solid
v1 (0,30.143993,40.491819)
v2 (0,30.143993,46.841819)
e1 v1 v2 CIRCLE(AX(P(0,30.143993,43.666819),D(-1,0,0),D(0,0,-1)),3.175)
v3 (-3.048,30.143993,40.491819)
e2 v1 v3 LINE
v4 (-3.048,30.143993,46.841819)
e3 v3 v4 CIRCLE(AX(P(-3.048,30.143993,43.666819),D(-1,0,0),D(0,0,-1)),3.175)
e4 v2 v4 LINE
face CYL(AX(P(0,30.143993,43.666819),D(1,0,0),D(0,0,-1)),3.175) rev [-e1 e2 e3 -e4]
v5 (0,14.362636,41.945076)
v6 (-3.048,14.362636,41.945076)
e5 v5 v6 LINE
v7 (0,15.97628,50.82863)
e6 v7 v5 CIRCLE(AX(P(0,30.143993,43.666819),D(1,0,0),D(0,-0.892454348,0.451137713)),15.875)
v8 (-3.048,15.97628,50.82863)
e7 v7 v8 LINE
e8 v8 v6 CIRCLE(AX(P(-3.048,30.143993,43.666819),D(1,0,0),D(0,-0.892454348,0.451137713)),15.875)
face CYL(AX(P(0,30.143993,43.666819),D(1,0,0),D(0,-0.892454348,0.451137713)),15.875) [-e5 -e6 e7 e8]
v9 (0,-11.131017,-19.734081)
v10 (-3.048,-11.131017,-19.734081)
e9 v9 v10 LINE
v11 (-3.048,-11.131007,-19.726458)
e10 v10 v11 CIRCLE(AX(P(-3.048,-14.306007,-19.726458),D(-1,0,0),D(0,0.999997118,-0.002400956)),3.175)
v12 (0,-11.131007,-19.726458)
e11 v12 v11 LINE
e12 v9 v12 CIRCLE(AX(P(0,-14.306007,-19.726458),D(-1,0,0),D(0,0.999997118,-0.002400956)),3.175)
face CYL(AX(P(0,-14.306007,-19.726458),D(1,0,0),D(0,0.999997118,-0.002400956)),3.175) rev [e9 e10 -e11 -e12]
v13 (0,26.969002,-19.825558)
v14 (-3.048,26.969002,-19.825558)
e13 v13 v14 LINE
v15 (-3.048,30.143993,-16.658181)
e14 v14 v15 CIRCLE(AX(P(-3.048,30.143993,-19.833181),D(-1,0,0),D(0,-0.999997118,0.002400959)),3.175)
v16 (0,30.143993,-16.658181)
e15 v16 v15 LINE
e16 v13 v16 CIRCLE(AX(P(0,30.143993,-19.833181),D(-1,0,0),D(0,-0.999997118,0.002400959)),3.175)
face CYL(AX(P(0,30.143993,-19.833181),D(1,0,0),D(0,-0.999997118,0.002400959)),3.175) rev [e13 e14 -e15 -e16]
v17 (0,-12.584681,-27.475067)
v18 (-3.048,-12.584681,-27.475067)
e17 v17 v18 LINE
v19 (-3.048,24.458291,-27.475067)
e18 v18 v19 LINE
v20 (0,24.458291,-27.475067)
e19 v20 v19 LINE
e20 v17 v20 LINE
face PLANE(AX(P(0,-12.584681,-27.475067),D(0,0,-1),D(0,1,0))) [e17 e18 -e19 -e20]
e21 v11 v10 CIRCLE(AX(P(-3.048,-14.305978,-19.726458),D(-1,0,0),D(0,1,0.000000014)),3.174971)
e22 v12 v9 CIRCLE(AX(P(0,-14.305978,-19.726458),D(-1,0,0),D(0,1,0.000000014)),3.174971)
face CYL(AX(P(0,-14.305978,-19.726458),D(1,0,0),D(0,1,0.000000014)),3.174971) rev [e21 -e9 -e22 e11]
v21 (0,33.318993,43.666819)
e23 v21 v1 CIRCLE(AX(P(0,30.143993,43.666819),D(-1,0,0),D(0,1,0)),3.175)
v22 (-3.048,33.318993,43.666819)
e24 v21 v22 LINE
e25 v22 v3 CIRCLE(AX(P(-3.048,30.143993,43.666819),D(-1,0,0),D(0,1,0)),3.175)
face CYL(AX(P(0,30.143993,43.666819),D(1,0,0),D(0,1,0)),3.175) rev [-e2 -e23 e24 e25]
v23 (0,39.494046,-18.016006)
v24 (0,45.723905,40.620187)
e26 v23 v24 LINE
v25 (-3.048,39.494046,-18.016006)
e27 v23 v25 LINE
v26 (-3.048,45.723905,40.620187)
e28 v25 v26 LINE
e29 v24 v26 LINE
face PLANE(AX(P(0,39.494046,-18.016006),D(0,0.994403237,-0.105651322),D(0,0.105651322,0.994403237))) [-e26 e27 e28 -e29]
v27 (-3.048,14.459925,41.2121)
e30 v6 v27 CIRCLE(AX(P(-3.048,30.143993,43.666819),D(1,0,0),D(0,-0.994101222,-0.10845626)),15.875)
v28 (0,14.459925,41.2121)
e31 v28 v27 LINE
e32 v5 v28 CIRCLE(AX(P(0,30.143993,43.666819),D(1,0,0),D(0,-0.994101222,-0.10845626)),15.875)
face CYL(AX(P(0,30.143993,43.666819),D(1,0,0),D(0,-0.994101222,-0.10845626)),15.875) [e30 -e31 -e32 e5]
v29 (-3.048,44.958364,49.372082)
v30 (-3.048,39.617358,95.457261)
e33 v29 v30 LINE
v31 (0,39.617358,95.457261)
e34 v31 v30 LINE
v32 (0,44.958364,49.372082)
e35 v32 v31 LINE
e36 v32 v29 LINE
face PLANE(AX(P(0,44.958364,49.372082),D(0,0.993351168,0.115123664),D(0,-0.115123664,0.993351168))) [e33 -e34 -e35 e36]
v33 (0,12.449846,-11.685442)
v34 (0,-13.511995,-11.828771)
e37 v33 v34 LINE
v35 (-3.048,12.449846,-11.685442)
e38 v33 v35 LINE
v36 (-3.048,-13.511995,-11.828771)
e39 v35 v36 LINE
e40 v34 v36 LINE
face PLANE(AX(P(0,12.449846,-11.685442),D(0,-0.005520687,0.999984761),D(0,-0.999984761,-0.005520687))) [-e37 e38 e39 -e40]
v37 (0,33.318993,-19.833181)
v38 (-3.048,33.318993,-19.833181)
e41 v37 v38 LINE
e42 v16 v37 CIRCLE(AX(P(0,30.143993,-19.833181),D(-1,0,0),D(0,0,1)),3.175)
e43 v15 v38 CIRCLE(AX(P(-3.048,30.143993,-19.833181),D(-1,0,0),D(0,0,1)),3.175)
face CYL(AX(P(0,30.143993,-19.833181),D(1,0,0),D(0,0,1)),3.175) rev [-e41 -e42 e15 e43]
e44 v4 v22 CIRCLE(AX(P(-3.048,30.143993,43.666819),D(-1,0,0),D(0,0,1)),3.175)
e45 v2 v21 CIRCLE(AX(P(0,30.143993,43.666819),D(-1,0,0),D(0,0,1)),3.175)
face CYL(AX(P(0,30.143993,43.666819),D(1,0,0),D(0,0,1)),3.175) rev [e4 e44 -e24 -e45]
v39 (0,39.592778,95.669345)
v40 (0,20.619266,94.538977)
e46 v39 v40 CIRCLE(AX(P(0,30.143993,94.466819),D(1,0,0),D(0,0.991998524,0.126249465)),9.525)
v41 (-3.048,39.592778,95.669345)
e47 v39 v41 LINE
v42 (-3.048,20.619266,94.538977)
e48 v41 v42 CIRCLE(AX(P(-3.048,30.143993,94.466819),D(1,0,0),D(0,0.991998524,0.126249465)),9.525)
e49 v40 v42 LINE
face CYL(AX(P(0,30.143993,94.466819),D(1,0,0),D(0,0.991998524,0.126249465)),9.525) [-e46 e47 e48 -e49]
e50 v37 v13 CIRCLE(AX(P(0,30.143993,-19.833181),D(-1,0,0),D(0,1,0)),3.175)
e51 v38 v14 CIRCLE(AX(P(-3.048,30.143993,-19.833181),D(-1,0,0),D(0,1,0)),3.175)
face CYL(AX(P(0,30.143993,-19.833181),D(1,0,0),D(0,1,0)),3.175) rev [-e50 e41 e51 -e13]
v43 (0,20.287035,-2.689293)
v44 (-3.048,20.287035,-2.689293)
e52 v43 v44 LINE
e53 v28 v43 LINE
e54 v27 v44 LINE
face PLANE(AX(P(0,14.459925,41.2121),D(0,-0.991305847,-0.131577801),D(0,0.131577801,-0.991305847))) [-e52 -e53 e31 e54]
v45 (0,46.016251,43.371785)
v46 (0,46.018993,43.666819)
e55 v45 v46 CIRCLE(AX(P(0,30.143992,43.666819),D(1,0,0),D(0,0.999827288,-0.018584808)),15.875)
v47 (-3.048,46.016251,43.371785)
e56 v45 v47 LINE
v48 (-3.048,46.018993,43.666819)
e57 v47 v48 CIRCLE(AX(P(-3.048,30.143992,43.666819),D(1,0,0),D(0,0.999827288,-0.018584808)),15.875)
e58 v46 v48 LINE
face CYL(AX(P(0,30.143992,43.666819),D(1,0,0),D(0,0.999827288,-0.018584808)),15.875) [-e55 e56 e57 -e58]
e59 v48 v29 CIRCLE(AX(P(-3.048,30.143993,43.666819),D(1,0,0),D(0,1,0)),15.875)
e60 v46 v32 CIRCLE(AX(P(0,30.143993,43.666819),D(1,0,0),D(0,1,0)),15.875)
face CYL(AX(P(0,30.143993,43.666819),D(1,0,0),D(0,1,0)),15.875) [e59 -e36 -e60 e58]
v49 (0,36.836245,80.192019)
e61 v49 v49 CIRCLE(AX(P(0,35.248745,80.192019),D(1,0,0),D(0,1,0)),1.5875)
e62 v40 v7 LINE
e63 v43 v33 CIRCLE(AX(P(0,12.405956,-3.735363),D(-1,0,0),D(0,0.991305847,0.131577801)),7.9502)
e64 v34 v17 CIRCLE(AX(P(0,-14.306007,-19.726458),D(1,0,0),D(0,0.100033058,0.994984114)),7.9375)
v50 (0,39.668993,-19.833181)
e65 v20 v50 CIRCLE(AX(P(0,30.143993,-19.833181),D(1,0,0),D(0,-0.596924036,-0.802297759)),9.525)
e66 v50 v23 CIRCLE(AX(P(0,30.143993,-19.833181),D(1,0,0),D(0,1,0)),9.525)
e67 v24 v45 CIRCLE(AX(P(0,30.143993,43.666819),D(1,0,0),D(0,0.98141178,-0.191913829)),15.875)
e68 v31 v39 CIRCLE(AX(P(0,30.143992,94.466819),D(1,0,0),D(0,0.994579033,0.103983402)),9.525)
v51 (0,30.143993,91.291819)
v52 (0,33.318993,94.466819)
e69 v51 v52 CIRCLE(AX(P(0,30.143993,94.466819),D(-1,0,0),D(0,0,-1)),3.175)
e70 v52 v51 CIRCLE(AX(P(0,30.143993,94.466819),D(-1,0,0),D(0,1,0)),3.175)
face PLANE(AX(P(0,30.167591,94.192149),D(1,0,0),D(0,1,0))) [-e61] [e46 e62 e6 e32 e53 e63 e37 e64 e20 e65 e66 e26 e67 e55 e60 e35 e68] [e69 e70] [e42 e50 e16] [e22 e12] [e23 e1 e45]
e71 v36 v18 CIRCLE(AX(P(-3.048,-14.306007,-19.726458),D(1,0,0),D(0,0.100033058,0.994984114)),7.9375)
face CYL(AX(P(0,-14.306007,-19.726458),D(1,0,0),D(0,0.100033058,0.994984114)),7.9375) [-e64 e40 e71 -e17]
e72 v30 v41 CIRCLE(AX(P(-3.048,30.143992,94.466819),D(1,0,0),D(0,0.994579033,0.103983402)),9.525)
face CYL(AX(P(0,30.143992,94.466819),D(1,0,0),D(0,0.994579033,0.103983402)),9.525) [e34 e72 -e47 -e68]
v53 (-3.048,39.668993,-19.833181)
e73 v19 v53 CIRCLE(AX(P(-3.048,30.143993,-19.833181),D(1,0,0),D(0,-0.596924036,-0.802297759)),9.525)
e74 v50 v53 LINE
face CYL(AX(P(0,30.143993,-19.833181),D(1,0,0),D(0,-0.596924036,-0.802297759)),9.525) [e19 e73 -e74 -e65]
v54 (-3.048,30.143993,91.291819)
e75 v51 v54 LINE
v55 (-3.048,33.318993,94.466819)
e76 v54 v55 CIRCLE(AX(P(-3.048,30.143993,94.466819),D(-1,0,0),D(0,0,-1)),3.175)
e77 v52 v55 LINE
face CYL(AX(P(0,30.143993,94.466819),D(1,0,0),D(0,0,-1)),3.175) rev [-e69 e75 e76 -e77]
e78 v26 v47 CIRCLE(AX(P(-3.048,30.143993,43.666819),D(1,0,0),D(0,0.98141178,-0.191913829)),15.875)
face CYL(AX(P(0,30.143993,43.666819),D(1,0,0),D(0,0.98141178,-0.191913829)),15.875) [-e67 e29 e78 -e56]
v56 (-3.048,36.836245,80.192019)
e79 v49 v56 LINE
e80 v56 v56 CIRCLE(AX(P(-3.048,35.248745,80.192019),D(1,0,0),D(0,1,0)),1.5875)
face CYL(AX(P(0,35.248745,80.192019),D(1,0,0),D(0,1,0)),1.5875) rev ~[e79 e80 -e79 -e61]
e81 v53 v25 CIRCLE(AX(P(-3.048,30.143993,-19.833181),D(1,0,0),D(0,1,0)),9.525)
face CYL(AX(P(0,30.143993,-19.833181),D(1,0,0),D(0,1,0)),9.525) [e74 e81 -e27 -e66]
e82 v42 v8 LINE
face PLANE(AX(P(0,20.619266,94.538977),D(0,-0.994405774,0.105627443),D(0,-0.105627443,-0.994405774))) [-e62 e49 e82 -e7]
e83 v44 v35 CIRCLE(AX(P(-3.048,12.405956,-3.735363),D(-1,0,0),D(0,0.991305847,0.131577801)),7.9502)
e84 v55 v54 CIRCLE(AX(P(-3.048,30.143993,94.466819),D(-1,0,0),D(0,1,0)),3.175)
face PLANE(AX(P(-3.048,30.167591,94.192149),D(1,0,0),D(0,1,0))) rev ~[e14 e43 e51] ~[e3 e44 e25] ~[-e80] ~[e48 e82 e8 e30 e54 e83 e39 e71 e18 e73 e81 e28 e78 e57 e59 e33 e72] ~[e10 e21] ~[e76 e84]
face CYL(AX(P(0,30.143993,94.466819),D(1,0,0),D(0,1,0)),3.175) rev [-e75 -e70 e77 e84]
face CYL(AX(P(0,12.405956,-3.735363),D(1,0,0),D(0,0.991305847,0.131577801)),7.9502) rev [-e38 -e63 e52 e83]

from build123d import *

# Parameters (mm, degrees)
F0_R     = 1.5875
F1_DEPTH = 3.048


with BuildPart() as f1:
    # F0 (on Right) → F1 (new body)
    with BuildSketch(Plane.YZ):
        with BuildLine():
            ThreePointArc((20.6192658602, 94.538977478), (23.3833367864, 87.7571874382), (30.1439925328, 84.9418192372))
            ThreePointArc((30.1439925328, 84.9418192372), (36.8791846236, 87.7316271464), (39.6689925328, 94.4668192372))
            ThreePointArc((39.6689925328, 94.4668192372), (39.6560750954, 94.9627126954), (39.6173578196, 95.4572611305))
            Line((39.6173578196, 95.4572611305), (39.5927784781, 95.6693453948))
            ThreePointArc((39.5927784781, 95.6693453948), (29.577534542, 103.9749605038), (20.6192658602, 94.538977478))
        make_face()
        with BuildLine():
            ThreePointArc((33.3189925328, 94.4668192372), (32.3890565631, 92.221755207), (30.1439925328, 91.2918192372))
            ThreePointArc((30.1439925328, 91.2918192372), (27.8989285025, 96.7118832675), (33.3189925328, 94.4668192372))
        make_face(mode=Mode.SUBTRACT)
        with BuildLine():
            ThreePointArc((39.6689925328, 94.4668192372), (36.8791846236, 87.7316271464), (30.1439925328, 84.9418192372))
            Line((30.1439925328, 84.9418192372), (30.1439925328, 59.5418192372))
            ThreePointArc((30.1439925328, 59.5418192372), (39.1285508172, 56.754727299), (44.9583639095, 49.3720822211))
            Line((44.9583639095, 49.3720822211), (39.6173578196, 95.4572611305))
            ThreePointArc((39.6173578196, 95.4572611305), (39.6560750954, 94.9627126954), (39.6689925328, 94.4668192372))
        make_face()
        with Locations((35.2487452328, 80.1920192372)):
            Circle(F0_R, mode=Mode.SUBTRACT)
        with BuildLine():
            Line((30.1439925328, 59.5418192372), (30.1439925328, 84.9418192372))
            ThreePointArc((30.1439925328, 84.9418192372), (23.3833367864, 87.7571874382), (20.6192658602, 94.538977478))
            Line((20.6192658602, 94.538977478), (15.9762797521, 50.8286304302))
            ThreePointArc((15.9762797521, 50.8286304302), (21.8276870937, 57.1891965742), (30.1439925328, 59.5418192372))
        make_face()
        with BuildLine():
            ThreePointArc((44.9583639095, 49.3720822211), (39.1285508172, 56.754727299), (30.1439925328, 59.5418192372))
            Line((30.1439925328, 59.5418192372), (30.1439925328, 46.8418192372))
            ThreePointArc((30.1439925328, 46.8418192372), (32.3890565631, 45.9118832675), (33.3189925328, 43.6668192372))
            ThreePointArc((33.3189925328, 43.6668192372), (32.3890565631, 41.421755207), (30.1439925328, 40.4918192372))
            Line((30.1439925328, 40.4918192372), (30.1439925328, 27.7918192372))
            ThreePointArc((30.1439925328, 27.7918192372), (40.2348384207, 31.4115977269), (45.7239045432, 40.6201872035))
            Line((45.7239045432, 40.6201872035), (46.0162507225, 43.3717854106))
            ThreePointArc((46.0162507225, 43.3717854106), (46.0183070654, 43.519295954), (46.0189925328, 43.6668192372))
            ThreePointArc((46.0189925328, 43.6668192372), (45.7515831637, 46.5683256904), (44.9583639095, 49.3720822211))
        make_face()
        with BuildLine():
            Line((30.1439925328, 46.8418192372), (30.1439925328, 59.5418192372))
            ThreePointArc((30.1439925328, 59.5418192372), (21.8276870937, 57.1891965742), (15.9762797521, 50.8286304302))
            ThreePointArc((15.9762797521, 50.8286304302), (14.5245790346, 46.5039915923), (14.362635633, 41.9450761088))
            Line((14.362635633, 41.9450761088), (14.4599248422, 41.2121001744))
            ThreePointArc((14.4599248422, 41.2121001744), (19.8229712685, 31.6048067575), (30.1439925328, 27.7918192372))
            Line((30.1439925328, 27.7918192372), (30.1439925328, 40.4918192372))
            ThreePointArc((30.1439925328, 40.4918192372), (26.9689925328, 43.6668192372), (30.1439925328, 46.8418192372))
        make_face()
        with BuildLine():
            ThreePointArc((39.6173578196, 95.4572611305), (39.6056624037, 95.5633721334), (39.5927784781, 95.6693453948))
            Line((39.5927784781, 95.6693453948), (39.6173578196, 95.4572611305))
        make_face()
        with BuildLine():
            Line((14.4599248422, 41.2121001744), (14.362635633, 41.9450761088))
            ThreePointArc((14.362635633, 41.9450761088), (14.4070122128, 41.578021639), (14.4599248422, 41.2121001744))
        make_face()
        with BuildLine():
            ThreePointArc((45.7239045432, 40.6201872035), (40.2348384207, 31.4115977269), (30.1439925328, 27.7918192372))
            Line((30.1439925328, 27.7918192372), (30.1439925328, -10.3081807628))
            ThreePointArc((30.1439925328, -10.3081807628), (36.2027481756, -12.4835477746), (39.4940461474, -18.0160064718))
            Line((39.4940461474, -18.0160064718), (45.7239045432, 40.6201872035))
        make_face()
        with BuildLine():
            Line((30.1439925328, -10.3081807628), (30.1439925328, 27.7918192372))
            ThreePointArc((30.1439925328, 27.7918192372), (19.8229712685, 31.6048067575), (14.4599248422, 41.2121001744))
            Line((14.4599248422, 41.2121001744), (20.2870354782, -2.6892933731))
            ThreePointArc((20.2870354782, -2.6892933731), (18.4004499897, -8.9575963205), (12.4498462988, -11.6854420564))
            Line((12.4498462988, -11.6854420564), (-13.5119950672, -11.8287714378))
            ThreePointArc((-13.5119950672, -11.8287714378), (-8.4193114637, -14.4019187635), (-6.3685074672, -19.7264578433))
            ThreePointArc((-6.3685074672, -19.7264578433), (-6.3685131868, -19.7359866548), (-6.3685303455, -19.7455154525))
            Line((-6.3685303455, -19.7455154525), (20.6190199868, -19.8103116316))
            ThreePointArc((20.6190199868, -19.8103116316), (23.4168907599, -13.0899080605), (30.1439925328, -10.3081807628))
        make_face()
        with BuildLine():
            ThreePointArc((45.7239045432, 40.6201872035), (45.9301439241, 41.9896045066), (46.0162507225, 43.3717854106))
            Line((46.0162507225, 43.3717854106), (45.7239045432, 40.6201872035))
        make_face()
        with BuildLine():
            ThreePointArc((39.4940461474, -18.0160064718), (36.2027481756, -12.4835477746), (30.1439925328, -10.3081807628))
            Line((30.1439925328, -10.3081807628), (30.1439925328, -16.6581807628))
            ThreePointArc((30.1439925328, -16.6581807628), (32.3890565631, -17.5881167325), (33.3189925328, -19.8331807628))
            ThreePointArc((33.3189925328, -19.8331807628), (30.1401810082, -23.0081784749), (26.9690016841, -19.8255577191))
            Line((26.9690016841, -19.8255577191), (20.6190199868, -19.8103116316))
            ThreePointArc((20.6190199868, -19.8103116316), (21.6276394845, -24.0990166429), (24.4582910855, -27.4750669208))
            ThreePointArc((24.4582910855, -27.4750669208), (34.4200490522, -28.3444066229), (39.6689925328, -19.8331807628))
            ThreePointArc((39.6689925328, -19.8331807628), (39.6251550586, -18.9203926382), (39.4940461474, -18.0160064718))
        make_face()
        with BuildLine():
            ThreePointArc((24.4582910855, -27.4750669208), (21.6276394845, -24.0990166429), (20.6190199868, -19.8103116316))
            Line((20.6190199868, -19.8103116316), (-6.3685303455, -19.7455154525))
            ThreePointArc((-6.3685303455, -19.7455154525), (-8.1205720343, -24.7008215972), (-12.5846813465, -27.4750669208))
            Line((-12.5846813465, -27.4750669208), (24.4582910855, -27.4750669208))
        make_face()
        with BuildLine():
            ThreePointArc((-12.5846813465, -27.4750669208), (-8.1205720343, -24.7008215972), (-6.3685303455, -19.7455154525))
            ThreePointArc((-6.3685303455, -19.7455154525), (-6.3685131868, -19.7359866548), (-6.3685074672, -19.7264578433))
            ThreePointArc((-6.3685074672, -19.7264578433), (-8.4193114637, -14.4019187635), (-13.5119950672, -11.8287714378))
            ThreePointArc((-13.5119950672, -11.8287714378), (-22.229603403, -20.1960679971), (-12.5846813465, -27.4750669208))
        make_face()
        with BuildLine():
            ThreePointArc((-11.1310074672, -19.7264578433), (-11.131009755, -19.7302693679), (-11.1310166185, -19.734080887))
            ThreePointArc((-11.1310166185, -19.734080887), (-17.4810051794, -19.7226463187), (-11.1310074672, -19.7264578433))
        make_face(mode=Mode.SUBTRACT)
        with BuildLine():
            Line((30.1439925328, -16.6581807628), (30.1439925328, -10.3081807628))
            ThreePointArc((30.1439925328, -10.3081807628), (23.4168907599, -13.0899080605), (20.6190199868, -19.8103116316))
            Line((20.6190199868, -19.8103116316), (26.9690016841, -19.8255577191))
            ThreePointArc((26.9690016841, -19.8255577191), (27.9016252752, -17.5854231953), (30.1439925328, -16.6581807628))
        make_face()
    extrude(amount=-F1_DEPTH)


solid = f1.part
